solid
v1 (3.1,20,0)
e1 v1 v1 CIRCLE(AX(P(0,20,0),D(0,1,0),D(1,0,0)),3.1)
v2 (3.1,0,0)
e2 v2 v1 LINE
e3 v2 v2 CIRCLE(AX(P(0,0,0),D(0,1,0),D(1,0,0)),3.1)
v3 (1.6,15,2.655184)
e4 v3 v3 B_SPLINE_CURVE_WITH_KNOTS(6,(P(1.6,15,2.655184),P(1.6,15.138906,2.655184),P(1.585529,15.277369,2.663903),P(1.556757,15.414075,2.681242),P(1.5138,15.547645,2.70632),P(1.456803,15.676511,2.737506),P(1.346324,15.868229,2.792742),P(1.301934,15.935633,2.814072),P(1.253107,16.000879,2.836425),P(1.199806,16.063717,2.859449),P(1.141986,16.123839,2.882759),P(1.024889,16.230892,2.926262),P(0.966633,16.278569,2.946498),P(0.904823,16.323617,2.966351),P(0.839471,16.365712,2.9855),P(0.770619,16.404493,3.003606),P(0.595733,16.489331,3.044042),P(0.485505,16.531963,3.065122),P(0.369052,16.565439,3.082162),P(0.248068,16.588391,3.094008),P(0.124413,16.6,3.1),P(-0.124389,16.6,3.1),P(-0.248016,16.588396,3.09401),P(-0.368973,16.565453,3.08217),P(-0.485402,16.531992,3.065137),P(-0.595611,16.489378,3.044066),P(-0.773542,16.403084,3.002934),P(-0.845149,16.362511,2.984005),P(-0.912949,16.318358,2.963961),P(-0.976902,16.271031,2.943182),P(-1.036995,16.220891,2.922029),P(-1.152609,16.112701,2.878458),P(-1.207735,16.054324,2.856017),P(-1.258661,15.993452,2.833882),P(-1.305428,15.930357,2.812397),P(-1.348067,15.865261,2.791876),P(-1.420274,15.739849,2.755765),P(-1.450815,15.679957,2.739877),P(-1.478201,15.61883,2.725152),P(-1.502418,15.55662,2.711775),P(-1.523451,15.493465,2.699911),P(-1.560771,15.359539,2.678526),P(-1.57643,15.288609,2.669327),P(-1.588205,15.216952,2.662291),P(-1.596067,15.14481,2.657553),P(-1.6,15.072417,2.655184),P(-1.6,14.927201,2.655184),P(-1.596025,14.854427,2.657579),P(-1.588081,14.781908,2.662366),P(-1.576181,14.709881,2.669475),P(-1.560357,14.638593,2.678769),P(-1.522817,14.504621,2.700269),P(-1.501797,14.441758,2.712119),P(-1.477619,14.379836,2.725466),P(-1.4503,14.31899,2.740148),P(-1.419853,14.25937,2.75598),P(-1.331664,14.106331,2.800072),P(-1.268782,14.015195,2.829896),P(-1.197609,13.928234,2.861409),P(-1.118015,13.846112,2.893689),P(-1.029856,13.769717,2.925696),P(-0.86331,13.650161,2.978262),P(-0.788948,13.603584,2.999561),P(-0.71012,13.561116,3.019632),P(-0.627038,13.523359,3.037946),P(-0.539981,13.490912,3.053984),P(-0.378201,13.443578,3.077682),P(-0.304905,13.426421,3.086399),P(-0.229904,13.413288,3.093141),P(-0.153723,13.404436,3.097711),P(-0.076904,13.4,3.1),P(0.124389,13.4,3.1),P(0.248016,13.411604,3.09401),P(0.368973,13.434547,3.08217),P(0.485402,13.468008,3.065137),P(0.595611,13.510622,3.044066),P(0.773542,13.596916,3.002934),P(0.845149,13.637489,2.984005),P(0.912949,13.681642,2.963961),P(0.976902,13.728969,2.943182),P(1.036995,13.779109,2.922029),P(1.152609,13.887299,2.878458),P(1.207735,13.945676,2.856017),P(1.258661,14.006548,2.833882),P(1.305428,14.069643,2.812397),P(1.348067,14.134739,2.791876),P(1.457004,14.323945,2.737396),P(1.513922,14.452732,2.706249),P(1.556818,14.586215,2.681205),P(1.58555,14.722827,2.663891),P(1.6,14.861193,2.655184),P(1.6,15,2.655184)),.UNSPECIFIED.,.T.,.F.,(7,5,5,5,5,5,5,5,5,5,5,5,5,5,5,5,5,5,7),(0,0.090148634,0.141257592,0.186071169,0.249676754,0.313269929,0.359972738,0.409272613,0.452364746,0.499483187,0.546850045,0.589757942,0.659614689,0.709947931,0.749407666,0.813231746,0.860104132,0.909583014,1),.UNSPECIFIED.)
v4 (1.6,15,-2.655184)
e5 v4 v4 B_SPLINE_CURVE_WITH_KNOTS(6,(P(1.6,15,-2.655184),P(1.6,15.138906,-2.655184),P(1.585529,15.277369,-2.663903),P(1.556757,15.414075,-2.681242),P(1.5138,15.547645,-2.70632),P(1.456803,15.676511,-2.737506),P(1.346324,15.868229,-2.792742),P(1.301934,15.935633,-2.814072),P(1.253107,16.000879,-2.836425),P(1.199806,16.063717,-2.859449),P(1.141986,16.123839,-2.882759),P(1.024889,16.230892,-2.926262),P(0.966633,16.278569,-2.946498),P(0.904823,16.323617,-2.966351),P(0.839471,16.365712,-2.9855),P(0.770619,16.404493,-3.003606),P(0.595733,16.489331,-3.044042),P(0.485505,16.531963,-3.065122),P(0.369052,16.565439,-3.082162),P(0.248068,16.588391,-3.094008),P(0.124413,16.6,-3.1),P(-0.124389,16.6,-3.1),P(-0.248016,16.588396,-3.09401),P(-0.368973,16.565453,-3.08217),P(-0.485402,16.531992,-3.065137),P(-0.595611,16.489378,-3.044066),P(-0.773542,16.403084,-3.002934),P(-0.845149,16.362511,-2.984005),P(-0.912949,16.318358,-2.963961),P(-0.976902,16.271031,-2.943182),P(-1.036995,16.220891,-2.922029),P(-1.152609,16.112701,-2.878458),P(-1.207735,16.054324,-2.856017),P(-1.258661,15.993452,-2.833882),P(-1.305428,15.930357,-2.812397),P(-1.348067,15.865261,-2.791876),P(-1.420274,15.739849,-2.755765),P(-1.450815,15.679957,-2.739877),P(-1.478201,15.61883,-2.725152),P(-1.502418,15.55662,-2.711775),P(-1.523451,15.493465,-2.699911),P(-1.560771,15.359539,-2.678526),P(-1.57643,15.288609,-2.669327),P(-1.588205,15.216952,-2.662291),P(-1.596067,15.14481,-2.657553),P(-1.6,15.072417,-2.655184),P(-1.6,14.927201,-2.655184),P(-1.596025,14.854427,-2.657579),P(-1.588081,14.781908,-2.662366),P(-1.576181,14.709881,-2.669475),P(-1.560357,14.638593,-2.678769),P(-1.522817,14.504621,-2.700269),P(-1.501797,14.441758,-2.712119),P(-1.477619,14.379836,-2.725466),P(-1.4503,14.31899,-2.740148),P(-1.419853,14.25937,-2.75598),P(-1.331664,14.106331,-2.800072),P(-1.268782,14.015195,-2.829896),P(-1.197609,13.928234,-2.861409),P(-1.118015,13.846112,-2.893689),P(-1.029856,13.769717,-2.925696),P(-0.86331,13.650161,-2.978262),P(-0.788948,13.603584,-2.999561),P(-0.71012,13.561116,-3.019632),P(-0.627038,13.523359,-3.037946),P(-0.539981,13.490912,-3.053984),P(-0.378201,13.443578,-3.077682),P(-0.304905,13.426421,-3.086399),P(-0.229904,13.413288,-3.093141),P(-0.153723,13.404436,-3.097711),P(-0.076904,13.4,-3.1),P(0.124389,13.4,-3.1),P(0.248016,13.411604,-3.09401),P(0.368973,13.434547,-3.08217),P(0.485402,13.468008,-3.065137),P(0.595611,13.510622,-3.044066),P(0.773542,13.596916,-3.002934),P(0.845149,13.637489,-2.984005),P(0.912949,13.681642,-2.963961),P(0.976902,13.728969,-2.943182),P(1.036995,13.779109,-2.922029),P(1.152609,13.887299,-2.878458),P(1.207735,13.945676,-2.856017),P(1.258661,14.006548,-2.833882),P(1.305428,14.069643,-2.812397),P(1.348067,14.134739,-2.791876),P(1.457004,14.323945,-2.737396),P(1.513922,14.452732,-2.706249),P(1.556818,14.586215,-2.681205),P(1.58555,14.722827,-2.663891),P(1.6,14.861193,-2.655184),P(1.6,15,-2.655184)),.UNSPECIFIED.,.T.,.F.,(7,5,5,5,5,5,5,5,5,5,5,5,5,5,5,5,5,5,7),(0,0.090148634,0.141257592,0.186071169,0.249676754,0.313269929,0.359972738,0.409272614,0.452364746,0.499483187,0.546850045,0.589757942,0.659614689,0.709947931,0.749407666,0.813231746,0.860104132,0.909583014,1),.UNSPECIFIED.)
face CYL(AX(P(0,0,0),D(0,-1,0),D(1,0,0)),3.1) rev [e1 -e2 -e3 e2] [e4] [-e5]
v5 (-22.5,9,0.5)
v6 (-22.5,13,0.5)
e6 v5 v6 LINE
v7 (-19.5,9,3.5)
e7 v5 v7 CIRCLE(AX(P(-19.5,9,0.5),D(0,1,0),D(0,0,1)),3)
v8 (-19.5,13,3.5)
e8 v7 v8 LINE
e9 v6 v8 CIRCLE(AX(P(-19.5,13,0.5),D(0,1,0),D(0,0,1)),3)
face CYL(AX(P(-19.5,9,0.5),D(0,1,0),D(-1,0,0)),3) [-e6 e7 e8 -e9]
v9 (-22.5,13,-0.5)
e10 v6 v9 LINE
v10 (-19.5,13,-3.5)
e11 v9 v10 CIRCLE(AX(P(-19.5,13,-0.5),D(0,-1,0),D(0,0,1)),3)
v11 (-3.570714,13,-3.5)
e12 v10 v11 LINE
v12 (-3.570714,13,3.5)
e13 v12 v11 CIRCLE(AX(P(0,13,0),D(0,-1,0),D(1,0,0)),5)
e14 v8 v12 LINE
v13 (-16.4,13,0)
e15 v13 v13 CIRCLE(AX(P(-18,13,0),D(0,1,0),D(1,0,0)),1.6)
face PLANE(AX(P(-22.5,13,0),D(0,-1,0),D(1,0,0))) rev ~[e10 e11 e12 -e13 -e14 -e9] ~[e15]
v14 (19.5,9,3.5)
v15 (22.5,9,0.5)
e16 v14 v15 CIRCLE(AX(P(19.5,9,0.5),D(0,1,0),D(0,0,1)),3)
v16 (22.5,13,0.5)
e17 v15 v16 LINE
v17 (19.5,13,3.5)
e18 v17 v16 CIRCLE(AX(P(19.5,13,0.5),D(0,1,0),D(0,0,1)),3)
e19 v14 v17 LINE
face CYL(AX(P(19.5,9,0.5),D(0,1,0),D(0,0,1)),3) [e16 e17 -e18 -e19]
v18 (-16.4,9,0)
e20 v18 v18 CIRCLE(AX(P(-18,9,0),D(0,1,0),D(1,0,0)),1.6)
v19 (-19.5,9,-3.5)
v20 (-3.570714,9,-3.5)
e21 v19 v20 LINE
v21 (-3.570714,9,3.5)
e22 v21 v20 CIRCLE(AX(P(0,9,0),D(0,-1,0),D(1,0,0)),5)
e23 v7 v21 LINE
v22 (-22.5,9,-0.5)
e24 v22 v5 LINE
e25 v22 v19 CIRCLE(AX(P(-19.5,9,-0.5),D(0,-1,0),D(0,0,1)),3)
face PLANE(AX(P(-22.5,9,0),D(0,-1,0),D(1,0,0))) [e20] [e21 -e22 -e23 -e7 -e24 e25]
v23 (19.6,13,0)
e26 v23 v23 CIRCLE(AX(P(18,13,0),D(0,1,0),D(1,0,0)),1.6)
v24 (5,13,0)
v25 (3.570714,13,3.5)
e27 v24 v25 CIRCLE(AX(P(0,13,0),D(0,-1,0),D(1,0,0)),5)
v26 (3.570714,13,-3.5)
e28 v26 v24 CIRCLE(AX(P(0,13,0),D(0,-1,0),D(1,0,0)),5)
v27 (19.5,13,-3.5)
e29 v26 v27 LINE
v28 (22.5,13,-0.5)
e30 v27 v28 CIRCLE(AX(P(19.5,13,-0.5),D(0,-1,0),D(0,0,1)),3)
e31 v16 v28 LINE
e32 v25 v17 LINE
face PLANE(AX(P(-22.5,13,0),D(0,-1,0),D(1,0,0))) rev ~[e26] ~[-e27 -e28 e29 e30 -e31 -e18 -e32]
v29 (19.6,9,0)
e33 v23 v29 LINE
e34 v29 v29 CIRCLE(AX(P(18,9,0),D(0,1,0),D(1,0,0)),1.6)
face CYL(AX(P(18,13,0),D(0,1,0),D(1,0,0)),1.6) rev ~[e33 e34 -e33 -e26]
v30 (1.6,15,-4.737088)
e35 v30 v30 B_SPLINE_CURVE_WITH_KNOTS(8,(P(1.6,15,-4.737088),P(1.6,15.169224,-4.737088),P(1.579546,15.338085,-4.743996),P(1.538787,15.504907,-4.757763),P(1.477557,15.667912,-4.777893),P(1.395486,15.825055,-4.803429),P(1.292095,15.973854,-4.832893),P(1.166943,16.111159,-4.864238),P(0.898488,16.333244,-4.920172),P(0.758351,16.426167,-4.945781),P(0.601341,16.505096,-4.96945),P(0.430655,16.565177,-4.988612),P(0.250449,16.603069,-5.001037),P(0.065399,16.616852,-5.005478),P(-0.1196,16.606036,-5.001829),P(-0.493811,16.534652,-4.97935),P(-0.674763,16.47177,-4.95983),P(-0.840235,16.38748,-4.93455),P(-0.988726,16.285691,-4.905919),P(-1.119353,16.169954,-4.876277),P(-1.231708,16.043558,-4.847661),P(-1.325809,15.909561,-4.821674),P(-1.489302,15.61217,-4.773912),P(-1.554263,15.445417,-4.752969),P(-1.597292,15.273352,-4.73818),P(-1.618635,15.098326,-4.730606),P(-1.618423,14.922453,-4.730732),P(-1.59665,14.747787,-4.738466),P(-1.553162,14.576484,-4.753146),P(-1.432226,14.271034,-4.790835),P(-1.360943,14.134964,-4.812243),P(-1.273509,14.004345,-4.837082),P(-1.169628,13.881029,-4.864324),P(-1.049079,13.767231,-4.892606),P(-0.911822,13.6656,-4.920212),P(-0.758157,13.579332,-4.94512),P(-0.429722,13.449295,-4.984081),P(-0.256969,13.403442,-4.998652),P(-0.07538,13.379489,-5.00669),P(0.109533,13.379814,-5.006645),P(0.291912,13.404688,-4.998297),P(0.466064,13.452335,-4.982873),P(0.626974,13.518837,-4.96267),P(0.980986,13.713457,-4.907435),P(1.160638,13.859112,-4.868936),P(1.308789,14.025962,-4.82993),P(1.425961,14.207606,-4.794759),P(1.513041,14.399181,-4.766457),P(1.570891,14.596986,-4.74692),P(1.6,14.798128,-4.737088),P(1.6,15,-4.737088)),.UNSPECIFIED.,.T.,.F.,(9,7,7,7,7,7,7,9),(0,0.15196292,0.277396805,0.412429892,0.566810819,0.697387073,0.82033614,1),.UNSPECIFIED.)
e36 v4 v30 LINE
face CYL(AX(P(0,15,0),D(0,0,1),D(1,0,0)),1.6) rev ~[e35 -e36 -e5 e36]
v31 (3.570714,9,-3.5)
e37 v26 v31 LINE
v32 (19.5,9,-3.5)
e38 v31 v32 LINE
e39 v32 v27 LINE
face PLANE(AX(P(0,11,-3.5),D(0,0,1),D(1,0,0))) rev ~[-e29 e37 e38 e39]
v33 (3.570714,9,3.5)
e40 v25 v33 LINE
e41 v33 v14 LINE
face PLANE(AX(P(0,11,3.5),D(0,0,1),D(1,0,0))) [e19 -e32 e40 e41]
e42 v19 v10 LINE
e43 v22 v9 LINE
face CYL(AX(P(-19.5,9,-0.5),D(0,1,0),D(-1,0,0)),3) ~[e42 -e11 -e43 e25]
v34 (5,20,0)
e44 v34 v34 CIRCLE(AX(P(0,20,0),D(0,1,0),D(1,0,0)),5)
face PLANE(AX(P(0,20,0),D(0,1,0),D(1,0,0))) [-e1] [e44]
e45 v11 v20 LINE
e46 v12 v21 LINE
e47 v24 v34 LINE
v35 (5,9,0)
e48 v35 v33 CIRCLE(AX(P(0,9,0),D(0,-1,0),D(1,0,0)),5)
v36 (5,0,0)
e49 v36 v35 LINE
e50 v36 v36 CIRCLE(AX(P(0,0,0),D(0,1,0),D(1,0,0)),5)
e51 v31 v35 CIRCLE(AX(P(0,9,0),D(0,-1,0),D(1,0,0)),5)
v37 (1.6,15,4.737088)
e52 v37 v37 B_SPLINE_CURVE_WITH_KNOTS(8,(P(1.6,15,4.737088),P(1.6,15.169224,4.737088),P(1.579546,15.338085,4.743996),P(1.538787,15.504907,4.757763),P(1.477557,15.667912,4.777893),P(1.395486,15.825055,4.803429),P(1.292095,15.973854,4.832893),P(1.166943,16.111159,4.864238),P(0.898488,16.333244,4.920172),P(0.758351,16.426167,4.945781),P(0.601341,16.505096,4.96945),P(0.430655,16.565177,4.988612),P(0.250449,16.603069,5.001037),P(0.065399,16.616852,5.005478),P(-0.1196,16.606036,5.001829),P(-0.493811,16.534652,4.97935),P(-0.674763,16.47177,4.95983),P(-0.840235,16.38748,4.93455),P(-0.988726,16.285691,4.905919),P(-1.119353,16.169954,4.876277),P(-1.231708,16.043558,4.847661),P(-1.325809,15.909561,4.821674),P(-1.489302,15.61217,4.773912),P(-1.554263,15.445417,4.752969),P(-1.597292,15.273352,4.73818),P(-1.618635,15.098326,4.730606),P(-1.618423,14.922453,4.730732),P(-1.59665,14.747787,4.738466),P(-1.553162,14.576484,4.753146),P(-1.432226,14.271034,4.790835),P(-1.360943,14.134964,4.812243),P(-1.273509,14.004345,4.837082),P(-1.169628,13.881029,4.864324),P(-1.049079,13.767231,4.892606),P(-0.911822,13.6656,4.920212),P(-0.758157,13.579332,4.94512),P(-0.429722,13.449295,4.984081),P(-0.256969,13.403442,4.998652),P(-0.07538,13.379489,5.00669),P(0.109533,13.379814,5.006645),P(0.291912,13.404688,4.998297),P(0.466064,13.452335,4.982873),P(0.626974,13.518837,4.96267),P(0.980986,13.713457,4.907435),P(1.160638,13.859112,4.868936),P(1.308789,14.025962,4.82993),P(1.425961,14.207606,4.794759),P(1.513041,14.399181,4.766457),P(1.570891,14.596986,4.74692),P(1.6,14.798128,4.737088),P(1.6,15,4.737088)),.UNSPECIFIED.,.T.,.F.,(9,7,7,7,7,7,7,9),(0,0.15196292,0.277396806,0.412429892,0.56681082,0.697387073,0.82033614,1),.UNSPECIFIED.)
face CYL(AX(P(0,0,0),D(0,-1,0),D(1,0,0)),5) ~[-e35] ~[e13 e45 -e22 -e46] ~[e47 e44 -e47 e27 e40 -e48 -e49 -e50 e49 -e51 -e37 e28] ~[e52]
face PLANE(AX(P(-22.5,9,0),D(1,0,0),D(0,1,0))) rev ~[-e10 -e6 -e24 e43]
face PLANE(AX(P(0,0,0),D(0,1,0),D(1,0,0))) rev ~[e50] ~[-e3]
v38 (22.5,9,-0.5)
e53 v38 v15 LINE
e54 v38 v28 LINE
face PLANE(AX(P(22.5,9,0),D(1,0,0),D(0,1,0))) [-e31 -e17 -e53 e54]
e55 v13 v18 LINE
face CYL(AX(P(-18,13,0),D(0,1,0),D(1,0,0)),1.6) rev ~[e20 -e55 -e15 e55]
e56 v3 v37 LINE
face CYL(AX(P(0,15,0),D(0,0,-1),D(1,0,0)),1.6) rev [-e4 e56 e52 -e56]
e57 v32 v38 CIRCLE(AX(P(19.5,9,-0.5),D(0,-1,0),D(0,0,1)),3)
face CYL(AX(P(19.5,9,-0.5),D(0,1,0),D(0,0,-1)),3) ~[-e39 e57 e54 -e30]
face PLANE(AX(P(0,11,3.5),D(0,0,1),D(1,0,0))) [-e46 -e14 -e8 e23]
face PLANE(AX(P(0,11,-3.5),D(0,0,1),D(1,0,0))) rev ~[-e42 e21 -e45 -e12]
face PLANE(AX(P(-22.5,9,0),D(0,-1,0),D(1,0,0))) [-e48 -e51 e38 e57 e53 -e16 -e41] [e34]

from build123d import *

# Parameters (mm, degrees)
SKETCH_1_R               = 5
SKETCH_1_R_2             = 3.1
EXTRUDE_1_DEPTH          = 20
SKETCH_2_W               = 45
SKETCH_2_H               = 4
EXTRUDE_2_DEPTH          = 3.5
SKETCH_4_R               = 1.6
CUT_EXTRUDE_2_DEPTH      = 14
FILLET_1_R               = 3
SKETCH_5_R               = 1.6
CUT_EXTRUDE_3_DEPTH      = 6
CUT_EXTRUDE_3_DEPTH_BACK = 6
SKETCH_3_R               = 3.1
CUT_EXTRUDE_4_DEPTH      = 8.0000001
CUT_EXTRUDE_4_DEPTH_BACK = 14.0000001


with BuildPart() as part:
    # 草图1 → 凸台-拉伸1 (new body)
    with BuildSketch(Plane(origin=(0, 0, 0), x_dir=(1, 0, 0), z_dir=(0, 1, 0))):
        Circle(SKETCH_1_R)
        Circle(SKETCH_1_R_2, mode=Mode.SUBTRACT)
    extrude(amount=EXTRUDE_1_DEPTH)

    # 草图2 → 凸台-拉伸2 (add, symmetric)
    with BuildSketch(Plane.XY):
        with Locations((0, 11)):
            Rectangle(SKETCH_2_W, SKETCH_2_H)
    extrude(amount=EXTRUDE_2_DEPTH, both=True)

    # 草图4 → 切除-拉伸2 (cut, through all)
    with BuildSketch(Plane(origin=(0, 13, 0), x_dir=(1, 0, 0), z_dir=(0, 1, 0))):
        with Locations((-18, 0)):
            Circle(SKETCH_4_R)
        with Locations((18, 0)):
            Circle(SKETCH_4_R)
    extrude(amount=-CUT_EXTRUDE_2_DEPTH, mode=Mode.SUBTRACT)

    # 圆角1
    fillet_1_edges = [part.edges().sort_by_distance(p)[0] for p in [
        (22.5, 11, 3.5),
        (-22.5, 11, 3.5),
        (-22.5, 11, -3.5),
        (22.5, 11, -3.5),
    ]]
    fillet(fillet_1_edges, radius=FILLET_1_R)

    # 草图5 → 切除-拉伸3 (cut, two sides)
    with BuildSketch(Plane.XY) as cut_extrude_3_sk:
        with Locations((0, 15)):
            Circle(SKETCH_5_R)
    extrude(amount=CUT_EXTRUDE_3_DEPTH, mode=Mode.SUBTRACT)
    extrude(cut_extrude_3_sk.sketch, amount=-CUT_EXTRUDE_3_DEPTH_BACK, mode=Mode.SUBTRACT)

    # 草图3 → 切除-拉伸4 (cut, two sides)
    with BuildSketch(Plane(origin=(0, 13, 0), x_dir=(1, 0, 0), z_dir=(0, 1, 0))) as cut_extrude_4_sk:
        Circle(SKETCH_3_R)
    extrude(amount=CUT_EXTRUDE_4_DEPTH, mode=Mode.SUBTRACT)
    extrude(cut_extrude_4_sk.sketch, amount=-CUT_EXTRUDE_4_DEPTH_BACK, mode=Mode.SUBTRACT)


solid = part.part
